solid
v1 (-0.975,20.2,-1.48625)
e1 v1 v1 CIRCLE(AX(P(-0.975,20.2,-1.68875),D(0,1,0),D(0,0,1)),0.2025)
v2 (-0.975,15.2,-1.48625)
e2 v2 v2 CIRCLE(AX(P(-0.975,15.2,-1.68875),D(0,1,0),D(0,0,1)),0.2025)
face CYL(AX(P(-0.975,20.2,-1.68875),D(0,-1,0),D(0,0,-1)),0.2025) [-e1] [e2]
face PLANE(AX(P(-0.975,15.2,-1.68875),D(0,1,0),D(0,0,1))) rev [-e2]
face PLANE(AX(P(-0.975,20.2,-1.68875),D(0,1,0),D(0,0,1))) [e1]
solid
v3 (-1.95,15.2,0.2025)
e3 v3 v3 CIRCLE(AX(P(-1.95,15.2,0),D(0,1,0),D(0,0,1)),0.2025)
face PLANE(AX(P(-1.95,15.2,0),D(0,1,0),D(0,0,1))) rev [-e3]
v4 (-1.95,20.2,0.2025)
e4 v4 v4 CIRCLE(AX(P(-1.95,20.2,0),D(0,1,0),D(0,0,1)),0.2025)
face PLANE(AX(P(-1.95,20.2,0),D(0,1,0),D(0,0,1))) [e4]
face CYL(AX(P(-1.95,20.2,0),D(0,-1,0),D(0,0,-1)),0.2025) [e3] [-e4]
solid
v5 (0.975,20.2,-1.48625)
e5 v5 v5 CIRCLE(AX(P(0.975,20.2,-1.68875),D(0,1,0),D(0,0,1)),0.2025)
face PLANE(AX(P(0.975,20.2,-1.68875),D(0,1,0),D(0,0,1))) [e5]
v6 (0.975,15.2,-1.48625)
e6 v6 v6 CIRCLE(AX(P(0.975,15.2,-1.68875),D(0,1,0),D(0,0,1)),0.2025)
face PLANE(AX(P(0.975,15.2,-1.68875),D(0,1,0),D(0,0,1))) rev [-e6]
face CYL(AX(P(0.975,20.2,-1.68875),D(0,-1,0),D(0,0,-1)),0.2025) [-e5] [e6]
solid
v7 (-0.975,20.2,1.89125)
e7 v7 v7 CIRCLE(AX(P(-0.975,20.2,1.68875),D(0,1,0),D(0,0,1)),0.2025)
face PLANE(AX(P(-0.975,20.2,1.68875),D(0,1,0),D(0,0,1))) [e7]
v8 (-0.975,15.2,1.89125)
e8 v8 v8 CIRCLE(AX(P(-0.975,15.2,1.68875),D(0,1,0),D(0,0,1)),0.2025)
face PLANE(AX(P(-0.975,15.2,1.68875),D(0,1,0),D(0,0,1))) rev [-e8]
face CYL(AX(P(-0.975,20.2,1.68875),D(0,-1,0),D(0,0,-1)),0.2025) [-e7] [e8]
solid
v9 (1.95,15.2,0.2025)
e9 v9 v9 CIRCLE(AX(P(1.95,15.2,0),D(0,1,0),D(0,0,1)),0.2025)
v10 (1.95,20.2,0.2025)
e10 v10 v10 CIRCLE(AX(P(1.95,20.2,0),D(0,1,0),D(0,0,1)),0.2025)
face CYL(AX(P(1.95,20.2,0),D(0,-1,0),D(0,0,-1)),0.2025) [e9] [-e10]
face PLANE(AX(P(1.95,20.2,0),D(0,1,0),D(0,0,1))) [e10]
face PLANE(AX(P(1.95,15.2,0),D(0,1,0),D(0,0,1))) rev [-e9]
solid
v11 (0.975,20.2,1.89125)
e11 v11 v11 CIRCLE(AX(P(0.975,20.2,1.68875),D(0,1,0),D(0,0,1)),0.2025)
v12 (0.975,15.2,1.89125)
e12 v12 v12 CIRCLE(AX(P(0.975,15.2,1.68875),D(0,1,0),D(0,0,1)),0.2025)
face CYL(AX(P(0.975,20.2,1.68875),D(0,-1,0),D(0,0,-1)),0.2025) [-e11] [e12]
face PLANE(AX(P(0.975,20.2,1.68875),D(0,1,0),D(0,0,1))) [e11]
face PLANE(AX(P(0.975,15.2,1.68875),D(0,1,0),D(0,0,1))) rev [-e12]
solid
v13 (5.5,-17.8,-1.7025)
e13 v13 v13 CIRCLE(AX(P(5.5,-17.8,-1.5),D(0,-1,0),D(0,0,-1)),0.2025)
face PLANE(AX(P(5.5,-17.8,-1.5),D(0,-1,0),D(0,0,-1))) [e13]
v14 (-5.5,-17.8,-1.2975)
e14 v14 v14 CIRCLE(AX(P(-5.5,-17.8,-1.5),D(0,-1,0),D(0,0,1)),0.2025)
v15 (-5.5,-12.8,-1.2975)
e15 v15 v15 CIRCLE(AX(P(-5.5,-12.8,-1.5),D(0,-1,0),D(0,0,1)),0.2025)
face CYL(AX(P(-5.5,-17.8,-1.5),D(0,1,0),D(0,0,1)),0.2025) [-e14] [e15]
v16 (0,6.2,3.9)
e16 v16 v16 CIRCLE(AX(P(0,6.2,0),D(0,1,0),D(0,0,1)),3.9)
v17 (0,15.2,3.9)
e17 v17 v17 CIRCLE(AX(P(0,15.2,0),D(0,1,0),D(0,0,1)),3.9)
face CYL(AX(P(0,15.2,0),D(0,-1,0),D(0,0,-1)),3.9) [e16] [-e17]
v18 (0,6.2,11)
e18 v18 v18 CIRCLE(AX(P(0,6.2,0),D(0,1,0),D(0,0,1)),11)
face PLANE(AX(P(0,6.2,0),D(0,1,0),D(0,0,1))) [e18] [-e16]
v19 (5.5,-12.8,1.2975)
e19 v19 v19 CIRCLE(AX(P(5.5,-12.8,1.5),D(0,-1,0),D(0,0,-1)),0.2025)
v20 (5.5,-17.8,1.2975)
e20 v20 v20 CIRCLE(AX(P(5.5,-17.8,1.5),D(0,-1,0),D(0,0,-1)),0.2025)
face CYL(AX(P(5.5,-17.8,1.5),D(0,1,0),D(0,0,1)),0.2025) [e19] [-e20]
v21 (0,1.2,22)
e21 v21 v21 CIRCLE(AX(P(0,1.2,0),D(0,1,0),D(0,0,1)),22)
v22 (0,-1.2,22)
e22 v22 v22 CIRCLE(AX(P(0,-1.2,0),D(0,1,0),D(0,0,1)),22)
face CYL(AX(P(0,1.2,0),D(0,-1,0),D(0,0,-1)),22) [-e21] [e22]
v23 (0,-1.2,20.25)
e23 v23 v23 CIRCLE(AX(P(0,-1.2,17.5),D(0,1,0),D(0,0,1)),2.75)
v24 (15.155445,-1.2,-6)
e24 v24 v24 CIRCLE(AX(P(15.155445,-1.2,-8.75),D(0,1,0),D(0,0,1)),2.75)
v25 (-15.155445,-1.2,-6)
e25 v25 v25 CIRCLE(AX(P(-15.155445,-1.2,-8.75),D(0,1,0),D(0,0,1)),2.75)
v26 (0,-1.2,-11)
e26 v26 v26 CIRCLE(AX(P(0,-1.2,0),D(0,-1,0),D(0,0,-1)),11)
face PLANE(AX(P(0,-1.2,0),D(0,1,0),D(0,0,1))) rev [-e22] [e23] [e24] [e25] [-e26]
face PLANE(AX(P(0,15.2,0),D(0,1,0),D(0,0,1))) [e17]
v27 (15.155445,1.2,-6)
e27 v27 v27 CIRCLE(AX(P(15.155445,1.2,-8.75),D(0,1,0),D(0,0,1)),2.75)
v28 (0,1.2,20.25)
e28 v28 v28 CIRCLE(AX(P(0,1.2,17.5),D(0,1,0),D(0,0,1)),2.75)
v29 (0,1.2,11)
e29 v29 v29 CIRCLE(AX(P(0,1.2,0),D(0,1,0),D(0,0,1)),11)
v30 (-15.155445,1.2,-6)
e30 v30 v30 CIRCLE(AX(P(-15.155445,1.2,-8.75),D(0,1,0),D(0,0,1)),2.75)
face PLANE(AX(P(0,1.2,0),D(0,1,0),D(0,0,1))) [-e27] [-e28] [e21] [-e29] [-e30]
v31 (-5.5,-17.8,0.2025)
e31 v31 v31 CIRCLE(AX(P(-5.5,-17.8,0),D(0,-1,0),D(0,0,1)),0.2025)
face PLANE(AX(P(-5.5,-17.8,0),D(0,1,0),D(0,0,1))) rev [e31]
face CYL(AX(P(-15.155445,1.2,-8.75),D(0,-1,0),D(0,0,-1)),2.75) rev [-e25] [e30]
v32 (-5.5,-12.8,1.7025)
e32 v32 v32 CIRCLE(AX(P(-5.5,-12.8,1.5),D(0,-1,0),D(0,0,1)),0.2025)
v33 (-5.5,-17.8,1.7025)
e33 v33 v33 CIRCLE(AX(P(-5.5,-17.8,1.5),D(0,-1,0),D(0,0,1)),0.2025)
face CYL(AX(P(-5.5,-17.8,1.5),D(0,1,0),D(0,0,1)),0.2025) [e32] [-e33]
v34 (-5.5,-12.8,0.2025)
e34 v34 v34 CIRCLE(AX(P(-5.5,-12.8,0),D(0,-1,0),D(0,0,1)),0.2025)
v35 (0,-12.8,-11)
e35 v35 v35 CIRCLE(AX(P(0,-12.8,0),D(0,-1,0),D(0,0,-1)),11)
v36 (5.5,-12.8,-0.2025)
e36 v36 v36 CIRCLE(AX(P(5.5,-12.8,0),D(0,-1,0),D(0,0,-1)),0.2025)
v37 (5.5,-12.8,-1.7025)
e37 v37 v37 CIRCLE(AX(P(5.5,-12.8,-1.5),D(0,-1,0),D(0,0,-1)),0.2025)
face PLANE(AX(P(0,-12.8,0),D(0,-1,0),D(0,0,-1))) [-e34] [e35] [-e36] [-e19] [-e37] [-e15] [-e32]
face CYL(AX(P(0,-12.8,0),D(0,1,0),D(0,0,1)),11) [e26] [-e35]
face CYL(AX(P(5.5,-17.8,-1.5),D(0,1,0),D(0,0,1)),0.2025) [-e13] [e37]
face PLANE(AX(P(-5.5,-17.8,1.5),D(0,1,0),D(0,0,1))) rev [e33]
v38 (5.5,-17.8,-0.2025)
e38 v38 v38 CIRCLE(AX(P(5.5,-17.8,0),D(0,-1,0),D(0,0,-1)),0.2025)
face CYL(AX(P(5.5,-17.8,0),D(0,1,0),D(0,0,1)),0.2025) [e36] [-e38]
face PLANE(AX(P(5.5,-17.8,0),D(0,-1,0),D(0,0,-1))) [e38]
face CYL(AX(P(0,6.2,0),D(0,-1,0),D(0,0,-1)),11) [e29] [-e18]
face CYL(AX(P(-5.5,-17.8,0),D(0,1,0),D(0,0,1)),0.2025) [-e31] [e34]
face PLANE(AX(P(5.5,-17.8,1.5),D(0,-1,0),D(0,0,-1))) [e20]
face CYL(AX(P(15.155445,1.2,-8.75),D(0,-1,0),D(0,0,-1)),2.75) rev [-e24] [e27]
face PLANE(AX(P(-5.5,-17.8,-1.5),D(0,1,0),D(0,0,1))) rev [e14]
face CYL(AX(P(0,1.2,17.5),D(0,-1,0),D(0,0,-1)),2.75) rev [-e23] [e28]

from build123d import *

# Parameters (mm, degrees)
CROQUIS1_R                = 22
CROQUIS1_R_2              = 2.75
SALIENTE_EXTRUIR1_DEPTH   = 1.2
CROQUIS3_R                = 11
SALIENTE_EXTRUIR2_DEPTH   = 5
CROQUIS4_R                = 3.9
SALIENTE_EXTRUIR3_DEPTH   = 9
SALIENTE_EXTRUIR4_START   = 11.6
CROQUIS5_R                = 11
SALIENTE_EXTRUIR4_DEPTH   = 11.6
CROQUIS6_R                = 0.2025
SALIENTE_EXTRUIR5_DEPTH   = 5
SALIENTE_EXTRUIR5_2_DEPTH = 5
SALIENTE_EXTRUIR5_3_DEPTH = 5
SALIENTE_EXTRUIR5_4_DEPTH = 5
SALIENTE_EXTRUIR5_5_DEPTH = 5
SALIENTE_EXTRUIR5_6_DEPTH = 5
CROQUIS7_R                = 0.2025
SALIENTE_EXTRUIR6_DEPTH   = 5


with BuildPart() as part:
    # Croquis1 → Saliente-Extruir1 (new, symmetric)
    with BuildSketch(Plane(origin=(0, 0, 0), x_dir=(1, 0, 0), z_dir=(0, 1, 0))):
        with Locations(Location((0, 0, 0), (0, 0, 270))):
            Circle(CROQUIS1_R)
        with Locations(Location((15.155444566, 8.75, 0), (0, 0, 270))):
            Circle(CROQUIS1_R_2, mode=Mode.SUBTRACT)
        with Locations(Location((0, -17.5, 0), (0, 0, 270))):
            Circle(CROQUIS1_R_2, mode=Mode.SUBTRACT)
        with Locations(Location((-15.155444566, 8.75, 0), (0, 0, 270))):
            Circle(CROQUIS1_R_2, mode=Mode.SUBTRACT)
    extrude(amount=SALIENTE_EXTRUIR1_DEPTH, both=True)

    # Croquis3 → Saliente-Extruir2 (add)
    with BuildSketch(Plane(origin=(0, 1.2, 0), x_dir=(1, 0, 0), z_dir=(0, 1, 0))):
        with Locations(Location((0, 0, 0), (0, 0, 270))):
            Circle(CROQUIS3_R)
    extrude(amount=SALIENTE_EXTRUIR2_DEPTH)

    # Croquis4 → Saliente-Extruir3 (add)
    with BuildSketch(Plane(origin=(0, 6.2, 0), x_dir=(1, 0, 0), z_dir=(0, 1, 0))):
        with Locations(Location((0, 0, 0), (0, 0, 270))):
            Circle(CROQUIS4_R)
    extrude(amount=SALIENTE_EXTRUIR3_DEPTH)

    # Croquis5 → Saliente-Extruir4 (add)
    with BuildSketch(Plane.XZ.offset(1.2).offset(SALIENTE_EXTRUIR4_START)):
        with Locations(Location((0, 0, 0), (0, 0, 90))):
            Circle(CROQUIS5_R)
    extrude(amount=-SALIENTE_EXTRUIR4_DEPTH)

    # Croquis7 → Saliente-Extruir6 (add)
    with BuildSketch(Plane.XZ.offset(12.8)):
        with Locations(Location((5.5, 0, 0), (0, 0, 270))):
            Circle(CROQUIS7_R)
        with Locations(Location((5.5, 1.5, 0), (0, 0, 270))):
            Circle(CROQUIS7_R)
        with Locations(Location((5.5, -1.5, 0), (0, 0, 270))):
            Circle(CROQUIS7_R)
        with Locations(Location((-5.5, -1.5, 0), (0, 0, 90))):
            Circle(CROQUIS7_R)
        with Locations(Location((-5.5, 0, 0), (0, 0, 90))):
            Circle(CROQUIS7_R)
        with Locations(Location((-5.5, 1.5, 0), (0, 0, 90))):
            Circle(CROQUIS7_R)
    extrude(amount=SALIENTE_EXTRUIR6_DEPTH)


with BuildPart() as body_2:
    # Croquis6 → Saliente-Extruir5 (new body)
    with BuildSketch(Plane(origin=(0, 15.2, 0), x_dir=(1, 0, 0), z_dir=(0, 1, 0))):
        with Locations(Location((1.95, 0, 0), (0, 0, 270))):
            Circle(CROQUIS6_R)
    extrude(amount=SALIENTE_EXTRUIR5_DEPTH)


with BuildPart() as body_3:
    # Croquis6 → Saliente-Extruir5 2 (new body)
    with BuildSketch(Plane(origin=(0, 15.2, 0), x_dir=(1, 0, 0), z_dir=(0, 1, 0))):
        with Locations(Location((0.975, -1.688749537, 0), (0, 0, 270))):
            Circle(CROQUIS6_R)
    extrude(amount=SALIENTE_EXTRUIR5_2_DEPTH)


with BuildPart() as body_4:
    # Croquis6 → Saliente-Extruir5 3 (new body)
    with BuildSketch(Plane(origin=(0, 15.2, 0), x_dir=(1, 0, 0), z_dir=(0, 1, 0))):
        with Locations(Location((-0.975, -1.688749537, 0), (0, 0, 270))):
            Circle(CROQUIS6_R)
    extrude(amount=SALIENTE_EXTRUIR5_3_DEPTH)


with BuildPart() as body_5:
    # Croquis6 → Saliente-Extruir5 4 (new body)
    with BuildSketch(Plane(origin=(0, 15.2, 0), x_dir=(1, 0, 0), z_dir=(0, 1, 0))):
        with Locations(Location((-1.95, 0, 0), (0, 0, 270))):
            Circle(CROQUIS6_R)
    extrude(amount=SALIENTE_EXTRUIR5_4_DEPTH)


with BuildPart() as body_6:
    # Croquis6 → Saliente-Extruir5 5 (new body)
    with BuildSketch(Plane(origin=(0, 15.2, 0), x_dir=(1, 0, 0), z_dir=(0, 1, 0))):
        with Locations(Location((-0.975, 1.688749537, 0), (0, 0, 270))):
            Circle(CROQUIS6_R)
    extrude(amount=SALIENTE_EXTRUIR5_5_DEPTH)


with BuildPart() as body_7:
    # Croquis6 → Saliente-Extruir5 6 (new body)
    with BuildSketch(Plane(origin=(0, 15.2, 0), x_dir=(1, 0, 0), z_dir=(0, 1, 0))):
        with Locations(Location((0.975, 1.688749537, 0), (0, 0, 270))):
            Circle(CROQUIS6_R)
    extrude(amount=SALIENTE_EXTRUIR5_6_DEPTH)


solid = Compound([part.part, body_2.part, body_3.part, body_4.part, body_5.part, body_6.part, body_7.part])
